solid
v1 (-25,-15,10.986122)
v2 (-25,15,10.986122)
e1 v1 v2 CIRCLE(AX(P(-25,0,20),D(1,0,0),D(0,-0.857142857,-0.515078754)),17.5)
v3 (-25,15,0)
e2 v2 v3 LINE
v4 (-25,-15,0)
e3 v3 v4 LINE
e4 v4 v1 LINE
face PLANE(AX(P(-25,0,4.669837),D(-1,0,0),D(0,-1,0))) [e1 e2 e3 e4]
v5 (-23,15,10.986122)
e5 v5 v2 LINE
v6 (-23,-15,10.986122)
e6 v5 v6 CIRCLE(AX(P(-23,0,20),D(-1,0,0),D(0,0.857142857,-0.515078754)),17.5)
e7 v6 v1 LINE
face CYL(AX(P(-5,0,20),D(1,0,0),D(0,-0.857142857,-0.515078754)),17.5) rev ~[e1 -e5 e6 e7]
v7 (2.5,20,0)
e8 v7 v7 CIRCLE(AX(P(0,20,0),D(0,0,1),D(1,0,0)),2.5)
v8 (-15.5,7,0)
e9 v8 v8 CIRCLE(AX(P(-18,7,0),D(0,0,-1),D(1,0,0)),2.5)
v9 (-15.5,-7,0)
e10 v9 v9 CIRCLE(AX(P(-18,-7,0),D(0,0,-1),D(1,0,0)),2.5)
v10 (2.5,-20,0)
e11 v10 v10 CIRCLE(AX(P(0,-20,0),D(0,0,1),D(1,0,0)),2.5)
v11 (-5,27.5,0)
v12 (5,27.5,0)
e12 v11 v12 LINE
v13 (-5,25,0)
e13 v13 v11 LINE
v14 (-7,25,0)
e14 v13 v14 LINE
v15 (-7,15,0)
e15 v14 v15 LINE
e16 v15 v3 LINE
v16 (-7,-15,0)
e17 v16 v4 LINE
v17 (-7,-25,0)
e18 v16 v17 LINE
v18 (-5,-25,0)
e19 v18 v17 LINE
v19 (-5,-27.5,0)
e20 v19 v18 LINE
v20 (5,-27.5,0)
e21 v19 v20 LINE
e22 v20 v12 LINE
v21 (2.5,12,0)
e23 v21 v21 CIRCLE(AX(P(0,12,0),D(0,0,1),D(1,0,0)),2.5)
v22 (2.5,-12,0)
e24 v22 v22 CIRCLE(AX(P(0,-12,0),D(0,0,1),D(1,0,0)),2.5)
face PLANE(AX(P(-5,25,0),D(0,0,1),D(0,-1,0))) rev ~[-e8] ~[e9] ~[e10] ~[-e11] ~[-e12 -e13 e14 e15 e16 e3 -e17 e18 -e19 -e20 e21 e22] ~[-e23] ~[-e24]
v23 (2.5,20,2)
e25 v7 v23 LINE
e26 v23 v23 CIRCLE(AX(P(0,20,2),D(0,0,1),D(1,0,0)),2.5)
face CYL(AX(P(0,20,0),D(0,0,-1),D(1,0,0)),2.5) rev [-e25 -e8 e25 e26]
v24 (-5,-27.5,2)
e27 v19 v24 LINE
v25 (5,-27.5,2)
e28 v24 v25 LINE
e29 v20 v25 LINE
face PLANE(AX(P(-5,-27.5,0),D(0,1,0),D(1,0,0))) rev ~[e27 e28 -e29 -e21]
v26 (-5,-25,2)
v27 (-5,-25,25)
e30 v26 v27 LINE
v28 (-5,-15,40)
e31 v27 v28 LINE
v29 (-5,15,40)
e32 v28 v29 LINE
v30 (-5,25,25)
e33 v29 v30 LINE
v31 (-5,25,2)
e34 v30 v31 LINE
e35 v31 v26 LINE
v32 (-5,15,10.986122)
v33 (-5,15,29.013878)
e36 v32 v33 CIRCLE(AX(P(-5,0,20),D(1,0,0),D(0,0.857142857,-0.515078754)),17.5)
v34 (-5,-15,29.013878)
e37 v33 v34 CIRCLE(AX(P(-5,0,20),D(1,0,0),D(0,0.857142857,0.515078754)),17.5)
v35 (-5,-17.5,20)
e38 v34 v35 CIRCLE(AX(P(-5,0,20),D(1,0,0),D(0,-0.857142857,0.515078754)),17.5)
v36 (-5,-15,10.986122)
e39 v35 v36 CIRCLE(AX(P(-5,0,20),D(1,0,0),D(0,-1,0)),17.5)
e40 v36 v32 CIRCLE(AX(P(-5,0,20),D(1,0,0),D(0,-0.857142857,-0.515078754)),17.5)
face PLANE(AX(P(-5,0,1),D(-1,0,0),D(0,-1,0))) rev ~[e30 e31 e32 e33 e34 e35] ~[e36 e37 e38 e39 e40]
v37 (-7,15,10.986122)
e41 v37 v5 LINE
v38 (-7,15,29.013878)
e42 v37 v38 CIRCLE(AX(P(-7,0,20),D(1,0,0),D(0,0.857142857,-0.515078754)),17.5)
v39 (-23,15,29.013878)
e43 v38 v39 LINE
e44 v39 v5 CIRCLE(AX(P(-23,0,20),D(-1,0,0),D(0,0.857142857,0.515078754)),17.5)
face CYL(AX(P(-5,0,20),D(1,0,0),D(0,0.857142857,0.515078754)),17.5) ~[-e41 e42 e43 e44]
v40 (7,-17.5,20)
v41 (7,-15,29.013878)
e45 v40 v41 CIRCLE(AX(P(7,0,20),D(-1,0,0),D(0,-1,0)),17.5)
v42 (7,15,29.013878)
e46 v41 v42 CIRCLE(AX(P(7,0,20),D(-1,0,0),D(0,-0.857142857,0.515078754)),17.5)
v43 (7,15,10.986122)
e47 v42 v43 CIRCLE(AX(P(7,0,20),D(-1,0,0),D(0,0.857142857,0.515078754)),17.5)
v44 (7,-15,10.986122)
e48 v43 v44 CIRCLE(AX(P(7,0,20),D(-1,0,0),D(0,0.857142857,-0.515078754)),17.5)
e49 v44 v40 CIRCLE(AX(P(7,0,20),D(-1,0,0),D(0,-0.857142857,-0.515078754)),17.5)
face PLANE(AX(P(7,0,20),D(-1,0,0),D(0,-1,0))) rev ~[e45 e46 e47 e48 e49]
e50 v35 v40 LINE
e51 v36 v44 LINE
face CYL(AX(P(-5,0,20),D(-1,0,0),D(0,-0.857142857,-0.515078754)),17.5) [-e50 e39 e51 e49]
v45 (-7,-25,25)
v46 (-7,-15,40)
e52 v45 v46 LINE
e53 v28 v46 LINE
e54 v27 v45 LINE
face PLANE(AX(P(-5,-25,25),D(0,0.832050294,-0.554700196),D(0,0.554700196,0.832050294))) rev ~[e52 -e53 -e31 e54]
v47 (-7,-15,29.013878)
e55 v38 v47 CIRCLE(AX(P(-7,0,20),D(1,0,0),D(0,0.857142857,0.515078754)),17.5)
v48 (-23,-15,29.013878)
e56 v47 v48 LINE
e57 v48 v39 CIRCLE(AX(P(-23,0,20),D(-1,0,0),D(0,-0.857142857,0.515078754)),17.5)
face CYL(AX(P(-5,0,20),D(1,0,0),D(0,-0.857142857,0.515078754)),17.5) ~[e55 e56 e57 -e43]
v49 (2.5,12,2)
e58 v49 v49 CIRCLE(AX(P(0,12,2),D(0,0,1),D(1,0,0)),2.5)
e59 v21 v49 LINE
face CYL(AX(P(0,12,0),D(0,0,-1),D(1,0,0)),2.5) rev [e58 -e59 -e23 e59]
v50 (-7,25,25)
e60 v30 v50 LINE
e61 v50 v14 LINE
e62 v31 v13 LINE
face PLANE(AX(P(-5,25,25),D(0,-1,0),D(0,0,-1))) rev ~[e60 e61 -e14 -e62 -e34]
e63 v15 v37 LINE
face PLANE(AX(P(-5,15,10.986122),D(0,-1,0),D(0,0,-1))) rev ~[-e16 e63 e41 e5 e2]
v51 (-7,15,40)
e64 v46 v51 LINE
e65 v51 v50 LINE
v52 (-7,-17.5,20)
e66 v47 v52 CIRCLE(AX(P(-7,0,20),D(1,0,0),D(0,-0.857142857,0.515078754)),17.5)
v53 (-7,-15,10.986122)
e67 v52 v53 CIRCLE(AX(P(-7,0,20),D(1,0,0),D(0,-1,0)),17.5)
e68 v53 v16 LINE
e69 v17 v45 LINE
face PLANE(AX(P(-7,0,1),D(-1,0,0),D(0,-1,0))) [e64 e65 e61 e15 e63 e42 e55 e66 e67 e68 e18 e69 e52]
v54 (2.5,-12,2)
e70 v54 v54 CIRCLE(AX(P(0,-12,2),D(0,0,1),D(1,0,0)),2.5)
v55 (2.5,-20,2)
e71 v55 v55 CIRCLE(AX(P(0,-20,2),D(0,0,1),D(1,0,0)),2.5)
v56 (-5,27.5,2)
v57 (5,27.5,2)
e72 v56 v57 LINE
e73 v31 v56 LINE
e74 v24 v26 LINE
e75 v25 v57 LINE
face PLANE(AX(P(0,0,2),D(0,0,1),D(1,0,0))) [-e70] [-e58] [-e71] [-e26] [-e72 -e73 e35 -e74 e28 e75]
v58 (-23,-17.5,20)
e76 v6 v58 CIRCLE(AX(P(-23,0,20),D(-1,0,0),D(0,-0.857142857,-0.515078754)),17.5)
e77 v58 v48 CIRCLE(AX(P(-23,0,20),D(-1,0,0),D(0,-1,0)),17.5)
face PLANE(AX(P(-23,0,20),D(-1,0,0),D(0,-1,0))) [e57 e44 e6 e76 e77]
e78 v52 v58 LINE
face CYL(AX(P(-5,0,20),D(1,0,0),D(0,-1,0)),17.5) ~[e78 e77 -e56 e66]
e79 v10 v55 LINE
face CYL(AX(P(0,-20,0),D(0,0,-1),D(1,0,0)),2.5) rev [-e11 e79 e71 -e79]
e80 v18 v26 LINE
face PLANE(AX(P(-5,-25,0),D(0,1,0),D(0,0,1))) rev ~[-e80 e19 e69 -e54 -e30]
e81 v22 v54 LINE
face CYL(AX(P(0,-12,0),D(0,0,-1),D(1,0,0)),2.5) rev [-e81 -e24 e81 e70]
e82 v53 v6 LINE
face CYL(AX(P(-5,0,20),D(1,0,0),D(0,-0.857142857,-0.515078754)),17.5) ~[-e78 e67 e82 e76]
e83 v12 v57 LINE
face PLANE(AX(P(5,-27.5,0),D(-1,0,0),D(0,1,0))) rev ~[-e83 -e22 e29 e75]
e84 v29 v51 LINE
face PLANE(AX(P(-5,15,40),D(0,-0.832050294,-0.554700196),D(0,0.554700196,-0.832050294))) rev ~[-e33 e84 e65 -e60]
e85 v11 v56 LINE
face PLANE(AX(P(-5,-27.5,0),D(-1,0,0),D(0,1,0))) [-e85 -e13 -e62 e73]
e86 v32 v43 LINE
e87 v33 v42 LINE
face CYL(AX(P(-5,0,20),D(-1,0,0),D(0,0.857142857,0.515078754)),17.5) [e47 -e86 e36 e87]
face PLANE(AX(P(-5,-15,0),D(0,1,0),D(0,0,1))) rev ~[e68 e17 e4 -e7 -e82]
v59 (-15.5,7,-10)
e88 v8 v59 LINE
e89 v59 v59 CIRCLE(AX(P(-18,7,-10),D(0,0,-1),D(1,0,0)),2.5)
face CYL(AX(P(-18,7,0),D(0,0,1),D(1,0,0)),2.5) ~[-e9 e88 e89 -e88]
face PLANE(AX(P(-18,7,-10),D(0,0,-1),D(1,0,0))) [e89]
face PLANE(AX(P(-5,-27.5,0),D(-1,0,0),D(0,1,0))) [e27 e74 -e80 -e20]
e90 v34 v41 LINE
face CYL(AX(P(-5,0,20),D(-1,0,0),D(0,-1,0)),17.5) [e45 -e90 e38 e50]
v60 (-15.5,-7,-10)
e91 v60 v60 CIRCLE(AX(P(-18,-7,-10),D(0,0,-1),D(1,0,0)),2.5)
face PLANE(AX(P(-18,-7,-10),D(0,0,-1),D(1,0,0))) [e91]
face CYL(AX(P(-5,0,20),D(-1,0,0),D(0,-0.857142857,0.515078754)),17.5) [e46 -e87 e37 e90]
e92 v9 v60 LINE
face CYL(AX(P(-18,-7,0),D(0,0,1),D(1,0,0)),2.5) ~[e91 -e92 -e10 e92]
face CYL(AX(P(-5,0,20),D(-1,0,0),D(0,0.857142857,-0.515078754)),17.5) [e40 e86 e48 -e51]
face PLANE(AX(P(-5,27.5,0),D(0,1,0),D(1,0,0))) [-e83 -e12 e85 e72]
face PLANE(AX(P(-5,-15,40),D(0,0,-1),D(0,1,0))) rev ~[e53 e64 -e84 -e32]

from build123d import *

# Parameters (mm, degrees)
F0_W          = 10
F0_H          = 55
F0_R          = 2.5
F1_DEPTH      = 2
F2_W          = 30
F2_H          = 2
F2_W_2        = 10
F3_DEPTH      = 2
F4_DEPTH      = 12
F4_DEPTH_BACK = 18
F5_DEPTH      = 20
F6_R          = 2.5
F7_DEPTH      = 10


with BuildPart() as f1:
    # F0 (on Top) → F1 (new body)
    with BuildSketch(Plane.XY):
        Rectangle(F0_W, F0_H)
        with Locations((0, -20)):
            Circle(F0_R, mode=Mode.SUBTRACT)
        with Locations((0, -12)):
            Circle(F0_R, mode=Mode.SUBTRACT)
        with Locations((0, 12)):
            Circle(F0_R, mode=Mode.SUBTRACT)
        with Locations((0, 20)):
            Circle(F0_R, mode=Mode.SUBTRACT)
    extrude(amount=F1_DEPTH)

    # F2 (on face) → F3 (join)
    with BuildSketch(Plane(origin=(-5, 0, 0), x_dir=(0, -1, 0), z_dir=(-1, 0, 0))):
        with Locations((0, 1)):
            Rectangle(F2_W, F2_H)
        with Locations((-20, 1)):
            Rectangle(F2_W_2, F2_H)
        with Locations((20, 1)):
            Rectangle(F2_W_2, F2_H)
        with BuildLine():
            Line((-25, 25), (-25, 2))
            Line((-25, 2), (-15, 2))
            Line((-15, 2), (-15, 10.9861218113))
            ThreePointArc((-15, 10.9861218113), (-17.5, 20), (-15, 29.0138781887))
            Line((-15, 29.0138781887), (-15, 40))
            Line((-15, 40), (-25, 25))
        make_face()
        with BuildLine():
            Line((-15, 10.9861218113), (-15, 2))
            Line((-15, 2), (15, 2))
            Line((15, 2), (15, 10.9861218113))
            ThreePointArc((15, 10.9861218113), (0, 2.5), (-15, 10.9861218113))
        make_face()
        with BuildLine():
            Line((15, 10.9861218113), (15, 2))
            Line((15, 2), (25, 2))
            Line((25, 2), (25, 25))
            Line((25, 25), (15, 40))
            Line((15, 40), (15, 29.0138781887))
            ThreePointArc((15, 29.0138781887), (16.863421954, 24.6770717335), (17.5, 20))
            ThreePointArc((17.5, 20), (16.863421954, 15.3229282665), (15, 10.9861218113))
        make_face()
        with BuildLine():
            Line((0, 40), (-15, 40))
            Line((-15, 40), (-15, 29.0138781887))
            ThreePointArc((-15, 29.0138781887), (0, 37.5), (15, 29.0138781887))
            Line((15, 29.0138781887), (15, 40))
            Line((15, 40), (0, 40))
        make_face()
    extrude(amount=F3_DEPTH)

    # F2 (on face) → F4 (join, two sides)
    with BuildSketch(Plane(origin=(-5, 0, 0), x_dir=(0, -1, 0), z_dir=(-1, 0, 0))) as f4_sk:
        with BuildLine():
            Line((-15, 29.0138781887), (-15, 10.9861218113))
            ThreePointArc((-15, 10.9861218113), (0, 2.5), (15, 10.9861218113))
            Line((15, 10.9861218113), (15, 29.0138781887))
            ThreePointArc((15, 29.0138781887), (0, 37.5), (-15, 29.0138781887))
        make_face()
        with BuildLine():
            Line((15, 29.0138781887), (15, 10.9861218113))
            ThreePointArc((15, 10.9861218113), (16.863421954, 15.3229282665), (17.5, 20))
            ThreePointArc((17.5, 20), (16.863421954, 24.6770717335), (15, 29.0138781887))
        make_face()
        with BuildLine():
            ThreePointArc((-15, 29.0138781887), (-17.5, 20), (-15, 10.9861218113))
            Line((-15, 10.9861218113), (-15, 29.0138781887))
        make_face()
    extrude(amount=-F4_DEPTH)
    extrude(f4_sk.sketch, amount=F4_DEPTH_BACK)

    # F2 (on face) → F5 (join)
    with BuildSketch(Plane(origin=(-5, 0, 0), x_dir=(0, -1, 0), z_dir=(-1, 0, 0))):
        with BuildLine():
            Line((-15, 10.9861218113), (-15, 2))
            Line((-15, 2), (15, 2))
            Line((15, 2), (15, 10.9861218113))
            ThreePointArc((15, 10.9861218113), (0, 2.5), (-15, 10.9861218113))
        make_face()
        with Locations((0, 1)):
            Rectangle(F2_W, F2_H)
    extrude(amount=F5_DEPTH)

    # F6 (on face) → F7 (join)
    with BuildSketch(Plane(origin=(0, 0, 0), x_dir=(1, 0, 0), z_dir=(0, 0, -1))):
        with Locations((-18, -7)):
            Circle(F6_R)
        with Locations((-18, 7)):
            Circle(F6_R)
    extrude(amount=F7_DEPTH)


solid = f1.part
